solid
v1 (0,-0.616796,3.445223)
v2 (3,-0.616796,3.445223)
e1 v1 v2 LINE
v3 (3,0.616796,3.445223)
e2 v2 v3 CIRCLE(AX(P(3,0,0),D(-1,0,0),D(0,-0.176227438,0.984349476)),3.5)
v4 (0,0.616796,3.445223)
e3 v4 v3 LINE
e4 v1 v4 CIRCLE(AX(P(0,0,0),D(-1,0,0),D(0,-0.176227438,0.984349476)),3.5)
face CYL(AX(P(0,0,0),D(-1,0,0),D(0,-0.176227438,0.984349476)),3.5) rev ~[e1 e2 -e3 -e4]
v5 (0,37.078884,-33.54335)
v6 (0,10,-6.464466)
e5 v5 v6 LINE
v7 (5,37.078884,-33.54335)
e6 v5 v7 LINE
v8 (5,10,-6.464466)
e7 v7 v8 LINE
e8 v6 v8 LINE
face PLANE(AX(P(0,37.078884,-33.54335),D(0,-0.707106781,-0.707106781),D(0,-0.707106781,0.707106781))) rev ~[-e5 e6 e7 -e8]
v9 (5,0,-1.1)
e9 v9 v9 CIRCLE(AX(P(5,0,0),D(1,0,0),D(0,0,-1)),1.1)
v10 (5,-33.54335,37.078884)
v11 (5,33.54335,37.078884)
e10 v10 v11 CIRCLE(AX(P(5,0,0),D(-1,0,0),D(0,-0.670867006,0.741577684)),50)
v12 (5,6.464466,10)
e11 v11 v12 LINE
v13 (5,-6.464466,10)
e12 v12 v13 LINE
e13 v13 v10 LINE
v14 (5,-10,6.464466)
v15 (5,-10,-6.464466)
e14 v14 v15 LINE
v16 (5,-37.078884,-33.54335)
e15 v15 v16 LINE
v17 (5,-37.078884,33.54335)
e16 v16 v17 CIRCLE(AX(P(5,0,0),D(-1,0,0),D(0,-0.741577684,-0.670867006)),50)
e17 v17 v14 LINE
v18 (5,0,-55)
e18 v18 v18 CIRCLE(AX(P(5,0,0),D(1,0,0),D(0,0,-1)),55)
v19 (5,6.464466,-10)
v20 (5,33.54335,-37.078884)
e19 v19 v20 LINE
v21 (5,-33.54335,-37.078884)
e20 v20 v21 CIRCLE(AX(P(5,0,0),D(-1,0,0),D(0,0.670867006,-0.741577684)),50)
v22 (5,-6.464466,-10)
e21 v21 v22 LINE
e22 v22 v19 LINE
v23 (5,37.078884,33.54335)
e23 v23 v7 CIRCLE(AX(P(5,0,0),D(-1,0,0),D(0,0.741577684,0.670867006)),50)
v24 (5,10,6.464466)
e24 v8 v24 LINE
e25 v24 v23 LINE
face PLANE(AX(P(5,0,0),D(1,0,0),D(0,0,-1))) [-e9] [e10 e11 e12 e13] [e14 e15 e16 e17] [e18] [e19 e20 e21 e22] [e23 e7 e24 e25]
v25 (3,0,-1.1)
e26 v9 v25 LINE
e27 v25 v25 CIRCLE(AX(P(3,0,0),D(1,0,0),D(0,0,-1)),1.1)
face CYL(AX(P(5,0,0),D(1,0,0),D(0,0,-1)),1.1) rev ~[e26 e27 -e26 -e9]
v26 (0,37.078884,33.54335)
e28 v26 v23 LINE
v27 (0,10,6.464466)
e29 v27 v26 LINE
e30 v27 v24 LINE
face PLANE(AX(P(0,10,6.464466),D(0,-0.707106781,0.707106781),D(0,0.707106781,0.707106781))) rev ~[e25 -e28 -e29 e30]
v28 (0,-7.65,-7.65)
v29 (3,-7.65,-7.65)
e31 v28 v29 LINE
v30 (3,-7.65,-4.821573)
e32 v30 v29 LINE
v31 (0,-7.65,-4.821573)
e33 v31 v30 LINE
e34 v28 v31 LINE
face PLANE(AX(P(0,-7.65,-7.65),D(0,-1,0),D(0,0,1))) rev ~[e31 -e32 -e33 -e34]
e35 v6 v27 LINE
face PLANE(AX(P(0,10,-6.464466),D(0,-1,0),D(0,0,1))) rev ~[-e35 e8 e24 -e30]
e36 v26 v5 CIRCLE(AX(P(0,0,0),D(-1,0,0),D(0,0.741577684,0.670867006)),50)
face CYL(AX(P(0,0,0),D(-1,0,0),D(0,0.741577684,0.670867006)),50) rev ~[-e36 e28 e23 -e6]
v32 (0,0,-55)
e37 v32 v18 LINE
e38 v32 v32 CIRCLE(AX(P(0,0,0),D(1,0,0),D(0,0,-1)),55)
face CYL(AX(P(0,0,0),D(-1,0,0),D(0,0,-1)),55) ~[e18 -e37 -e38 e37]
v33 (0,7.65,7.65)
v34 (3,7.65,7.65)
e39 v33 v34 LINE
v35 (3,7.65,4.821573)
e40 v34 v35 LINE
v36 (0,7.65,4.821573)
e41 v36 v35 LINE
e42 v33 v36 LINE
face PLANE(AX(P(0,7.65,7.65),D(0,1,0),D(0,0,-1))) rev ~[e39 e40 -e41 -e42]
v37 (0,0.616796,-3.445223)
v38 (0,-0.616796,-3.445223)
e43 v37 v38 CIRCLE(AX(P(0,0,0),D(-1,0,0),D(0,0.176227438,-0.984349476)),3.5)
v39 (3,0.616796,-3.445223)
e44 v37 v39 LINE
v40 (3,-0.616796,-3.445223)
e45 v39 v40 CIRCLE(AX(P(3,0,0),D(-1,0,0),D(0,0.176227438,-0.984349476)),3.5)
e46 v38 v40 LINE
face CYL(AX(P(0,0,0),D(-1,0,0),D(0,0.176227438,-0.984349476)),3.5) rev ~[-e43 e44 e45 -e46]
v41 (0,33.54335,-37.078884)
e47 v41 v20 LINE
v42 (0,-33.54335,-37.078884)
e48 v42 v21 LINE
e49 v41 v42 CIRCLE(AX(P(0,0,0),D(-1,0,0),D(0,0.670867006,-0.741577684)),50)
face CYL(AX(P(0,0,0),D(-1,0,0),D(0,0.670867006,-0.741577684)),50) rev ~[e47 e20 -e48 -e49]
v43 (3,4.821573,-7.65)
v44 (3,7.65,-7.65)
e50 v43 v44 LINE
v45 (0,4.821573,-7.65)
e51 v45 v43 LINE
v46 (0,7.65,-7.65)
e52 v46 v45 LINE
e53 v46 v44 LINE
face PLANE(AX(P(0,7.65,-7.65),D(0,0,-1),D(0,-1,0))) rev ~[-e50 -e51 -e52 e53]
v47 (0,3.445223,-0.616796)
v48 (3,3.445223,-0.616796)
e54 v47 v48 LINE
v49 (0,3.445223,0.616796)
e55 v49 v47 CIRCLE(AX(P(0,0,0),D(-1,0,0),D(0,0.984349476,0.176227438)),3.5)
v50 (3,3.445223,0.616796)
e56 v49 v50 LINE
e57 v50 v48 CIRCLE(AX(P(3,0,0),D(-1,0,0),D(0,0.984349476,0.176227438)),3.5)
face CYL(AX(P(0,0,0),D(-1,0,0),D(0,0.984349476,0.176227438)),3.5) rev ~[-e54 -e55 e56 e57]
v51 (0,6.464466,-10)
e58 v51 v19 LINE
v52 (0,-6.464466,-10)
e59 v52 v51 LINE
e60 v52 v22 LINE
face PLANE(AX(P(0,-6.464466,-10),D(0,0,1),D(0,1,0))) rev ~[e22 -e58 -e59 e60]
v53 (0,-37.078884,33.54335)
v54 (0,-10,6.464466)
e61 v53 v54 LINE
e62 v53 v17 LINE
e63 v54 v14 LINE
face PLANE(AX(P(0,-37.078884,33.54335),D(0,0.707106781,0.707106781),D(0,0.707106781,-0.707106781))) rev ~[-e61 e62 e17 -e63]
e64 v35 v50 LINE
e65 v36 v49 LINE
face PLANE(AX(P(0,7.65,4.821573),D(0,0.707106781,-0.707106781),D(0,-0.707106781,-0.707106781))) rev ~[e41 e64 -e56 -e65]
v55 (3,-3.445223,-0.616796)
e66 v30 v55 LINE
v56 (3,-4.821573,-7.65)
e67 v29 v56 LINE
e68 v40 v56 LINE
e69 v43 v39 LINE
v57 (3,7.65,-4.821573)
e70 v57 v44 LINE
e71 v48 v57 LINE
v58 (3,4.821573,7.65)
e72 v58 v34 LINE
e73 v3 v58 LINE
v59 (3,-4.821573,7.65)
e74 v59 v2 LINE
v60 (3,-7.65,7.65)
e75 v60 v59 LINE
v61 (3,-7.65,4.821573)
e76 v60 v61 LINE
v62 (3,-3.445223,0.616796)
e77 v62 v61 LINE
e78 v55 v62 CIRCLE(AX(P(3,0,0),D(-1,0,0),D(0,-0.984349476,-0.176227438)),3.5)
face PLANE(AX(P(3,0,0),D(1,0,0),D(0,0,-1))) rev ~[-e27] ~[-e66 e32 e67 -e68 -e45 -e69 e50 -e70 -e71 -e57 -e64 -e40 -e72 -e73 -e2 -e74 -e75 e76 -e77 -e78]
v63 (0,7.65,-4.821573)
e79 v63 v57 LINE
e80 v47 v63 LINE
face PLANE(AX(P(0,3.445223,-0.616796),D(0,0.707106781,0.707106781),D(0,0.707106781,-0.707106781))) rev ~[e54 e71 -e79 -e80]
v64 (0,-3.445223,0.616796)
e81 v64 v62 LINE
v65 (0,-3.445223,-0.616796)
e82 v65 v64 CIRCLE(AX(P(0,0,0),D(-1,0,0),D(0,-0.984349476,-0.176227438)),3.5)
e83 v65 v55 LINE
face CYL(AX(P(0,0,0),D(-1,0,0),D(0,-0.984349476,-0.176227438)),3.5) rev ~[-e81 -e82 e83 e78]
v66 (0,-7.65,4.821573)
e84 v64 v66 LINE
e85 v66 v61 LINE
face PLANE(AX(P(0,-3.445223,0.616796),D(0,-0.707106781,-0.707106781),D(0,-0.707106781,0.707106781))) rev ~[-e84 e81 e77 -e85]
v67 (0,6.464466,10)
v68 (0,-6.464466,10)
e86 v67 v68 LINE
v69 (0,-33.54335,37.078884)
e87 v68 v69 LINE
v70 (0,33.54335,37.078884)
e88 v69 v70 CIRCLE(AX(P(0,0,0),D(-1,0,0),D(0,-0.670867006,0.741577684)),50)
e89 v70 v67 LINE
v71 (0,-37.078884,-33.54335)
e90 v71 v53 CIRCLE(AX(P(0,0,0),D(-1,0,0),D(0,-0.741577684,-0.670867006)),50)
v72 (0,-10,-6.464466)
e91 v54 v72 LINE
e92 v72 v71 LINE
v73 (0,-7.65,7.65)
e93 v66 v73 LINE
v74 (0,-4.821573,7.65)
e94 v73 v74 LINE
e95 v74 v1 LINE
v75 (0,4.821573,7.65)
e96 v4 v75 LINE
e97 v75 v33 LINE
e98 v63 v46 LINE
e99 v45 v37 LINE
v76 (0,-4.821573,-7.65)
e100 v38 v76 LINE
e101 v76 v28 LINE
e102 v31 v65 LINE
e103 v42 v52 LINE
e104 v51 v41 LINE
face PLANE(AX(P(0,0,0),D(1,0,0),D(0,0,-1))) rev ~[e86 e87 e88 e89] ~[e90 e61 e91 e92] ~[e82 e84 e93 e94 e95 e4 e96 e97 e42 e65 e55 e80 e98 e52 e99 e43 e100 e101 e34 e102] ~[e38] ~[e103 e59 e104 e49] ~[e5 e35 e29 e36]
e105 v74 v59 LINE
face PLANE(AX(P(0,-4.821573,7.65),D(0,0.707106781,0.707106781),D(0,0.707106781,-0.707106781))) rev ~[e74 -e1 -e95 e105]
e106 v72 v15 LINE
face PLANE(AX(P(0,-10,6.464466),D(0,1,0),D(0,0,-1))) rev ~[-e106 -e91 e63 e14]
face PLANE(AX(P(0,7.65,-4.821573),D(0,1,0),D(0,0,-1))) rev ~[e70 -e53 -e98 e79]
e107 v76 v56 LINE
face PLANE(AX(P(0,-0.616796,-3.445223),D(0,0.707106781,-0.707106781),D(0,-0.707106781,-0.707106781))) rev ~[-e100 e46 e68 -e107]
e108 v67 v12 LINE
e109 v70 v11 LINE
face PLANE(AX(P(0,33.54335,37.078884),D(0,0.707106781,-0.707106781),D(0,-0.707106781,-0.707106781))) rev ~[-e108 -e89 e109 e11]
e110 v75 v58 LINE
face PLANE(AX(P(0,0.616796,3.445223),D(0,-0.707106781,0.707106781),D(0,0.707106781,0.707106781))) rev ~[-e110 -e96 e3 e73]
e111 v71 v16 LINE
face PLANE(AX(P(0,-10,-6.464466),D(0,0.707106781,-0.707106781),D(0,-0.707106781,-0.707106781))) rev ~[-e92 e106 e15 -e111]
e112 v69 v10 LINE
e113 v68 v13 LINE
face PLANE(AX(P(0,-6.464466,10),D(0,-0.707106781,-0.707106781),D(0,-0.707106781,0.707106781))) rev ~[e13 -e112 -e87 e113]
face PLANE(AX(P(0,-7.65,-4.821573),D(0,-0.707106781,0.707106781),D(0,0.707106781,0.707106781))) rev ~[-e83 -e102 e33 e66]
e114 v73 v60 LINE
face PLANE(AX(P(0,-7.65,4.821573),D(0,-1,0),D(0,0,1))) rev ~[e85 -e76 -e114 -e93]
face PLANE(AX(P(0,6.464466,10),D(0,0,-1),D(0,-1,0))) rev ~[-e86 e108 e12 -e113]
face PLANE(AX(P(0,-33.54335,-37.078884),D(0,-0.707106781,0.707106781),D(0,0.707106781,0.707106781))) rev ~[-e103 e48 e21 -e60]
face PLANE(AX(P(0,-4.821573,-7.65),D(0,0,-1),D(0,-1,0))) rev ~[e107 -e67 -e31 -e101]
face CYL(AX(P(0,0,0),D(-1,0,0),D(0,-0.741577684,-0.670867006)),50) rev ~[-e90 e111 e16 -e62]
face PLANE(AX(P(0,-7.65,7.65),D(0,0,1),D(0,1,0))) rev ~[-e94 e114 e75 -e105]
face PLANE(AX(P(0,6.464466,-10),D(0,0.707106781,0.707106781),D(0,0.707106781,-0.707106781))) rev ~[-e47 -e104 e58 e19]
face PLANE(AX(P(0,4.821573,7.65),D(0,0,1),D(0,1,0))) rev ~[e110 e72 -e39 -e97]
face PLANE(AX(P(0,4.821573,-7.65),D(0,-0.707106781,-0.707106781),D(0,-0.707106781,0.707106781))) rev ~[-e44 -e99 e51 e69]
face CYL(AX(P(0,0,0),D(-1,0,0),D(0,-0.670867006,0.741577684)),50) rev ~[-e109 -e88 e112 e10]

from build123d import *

# Parameters (mm, degrees)
SKETCH1_R           = 55
BOSS_EXTRUDE1_DEPTH = 5
SKETCH2_W           = 15.3
SKETCH2_H           = 15.3
SKETCH2_R           = 1.1
BOSS_EXTRUDE2_DEPTH = 2


with BuildPart() as part:
    # Sketch1 → Boss-Extrude1 (new body)
    with BuildSketch(Plane(origin=(0, 0, 0), x_dir=(0, 0, -1), z_dir=(1, 0, 0))):
        Circle(SKETCH1_R)
        with BuildLine():
            Line((-33.543350277, -37.078884183), (-6.464466094, -10))
            Line((-6.464466094, -10), (6.464466094, -10))
            Line((6.464466094, -10), (33.543350277, -37.078884183))
            ThreePointArc((33.543350277, -37.078884183), (0, -50), (-33.543350277, -37.078884183))
        make_face(mode=Mode.SUBTRACT)
        with BuildLine():
            Line((10, -6.464466094), (10, 6.464466094))
            Line((10, 6.464466094), (37.078884183, 33.543350277))
            ThreePointArc((37.078884183, 33.543350277), (50, 0), (37.078884183, -33.543350277))
            Line((37.078884183, -33.543350277), (10, -6.464466094))
        make_face(mode=Mode.SUBTRACT)
        with BuildLine():
            Line((-37.078884183, 33.543350277), (-10, 6.464466094))
            Line((-10, 6.464466094), (-10, -6.464466094))
            Line((-10, -6.464466094), (-37.078884183, -33.543350277))
            ThreePointArc((-37.078884183, -33.543350277), (-50, 0), (-37.078884183, 33.543350277))
        make_face(mode=Mode.SUBTRACT)
        with BuildLine():
            Line((-0.616796039, -3.445223164), (-4.821572875, -7.65))
            Line((-4.821572875, -7.65), (-7.65, -7.65))
            Line((-7.65, -7.65), (-7.65, -4.821572875))
            Line((-7.65, -4.821572875), (-3.445223164, -0.616796039))
            ThreePointArc((-3.445223164, -0.616796039), (-3.5, 0), (-3.445223164, 0.616796039))
            Line((-3.445223164, 0.616796039), (-7.65, 4.821572875))
            Line((-7.65, 4.821572875), (-7.65, 7.65))
            Line((-7.65, 7.65), (-4.821572875, 7.65))
            Line((-4.821572875, 7.65), (-0.616796039, 3.445223164))
            ThreePointArc((-0.616796039, 3.445223164), (0, 3.5), (0.616796039, 3.445223164))
            Line((0.616796039, 3.445223164), (4.821572875, 7.65))
            Line((4.821572875, 7.65), (7.65, 7.65))
            Line((7.65, 7.65), (7.65, 4.821572875))
            Line((7.65, 4.821572875), (3.445223164, 0.616796039))
            ThreePointArc((3.445223164, 0.616796039), (3.5, 0), (3.445223164, -0.616796039))
            Line((3.445223164, -0.616796039), (7.65, -4.821572875))
            Line((7.65, -4.821572875), (7.65, -7.65))
            Line((7.65, -7.65), (4.821572875, -7.65))
            Line((4.821572875, -7.65), (0.616796039, -3.445223164))
            ThreePointArc((0.616796039, -3.445223164), (0, -3.5), (-0.616796039, -3.445223164))
        make_face(mode=Mode.SUBTRACT)
        with BuildLine():
            Line((6.464466094, 10), (-6.464466094, 10))
            Line((-6.464466094, 10), (-33.543350277, 37.078884183))
            ThreePointArc((-33.543350277, 37.078884183), (0, 50), (33.543350277, 37.078884183))
            Line((33.543350277, 37.078884183), (6.464466094, 10))
        make_face(mode=Mode.SUBTRACT)
    extrude(amount=BOSS_EXTRUDE1_DEPTH)

    # Sketch2 → Boss-Extrude2 (add)
    with BuildSketch(Plane(origin=(5, 0, 0), x_dir=(0, 0, -1), z_dir=(1, 0, 0))):
        Rectangle(SKETCH2_W, SKETCH2_H)
        Circle(SKETCH2_R, mode=Mode.SUBTRACT)
    extrude(amount=-BOSS_EXTRUDE2_DEPTH)


solid = part.part
